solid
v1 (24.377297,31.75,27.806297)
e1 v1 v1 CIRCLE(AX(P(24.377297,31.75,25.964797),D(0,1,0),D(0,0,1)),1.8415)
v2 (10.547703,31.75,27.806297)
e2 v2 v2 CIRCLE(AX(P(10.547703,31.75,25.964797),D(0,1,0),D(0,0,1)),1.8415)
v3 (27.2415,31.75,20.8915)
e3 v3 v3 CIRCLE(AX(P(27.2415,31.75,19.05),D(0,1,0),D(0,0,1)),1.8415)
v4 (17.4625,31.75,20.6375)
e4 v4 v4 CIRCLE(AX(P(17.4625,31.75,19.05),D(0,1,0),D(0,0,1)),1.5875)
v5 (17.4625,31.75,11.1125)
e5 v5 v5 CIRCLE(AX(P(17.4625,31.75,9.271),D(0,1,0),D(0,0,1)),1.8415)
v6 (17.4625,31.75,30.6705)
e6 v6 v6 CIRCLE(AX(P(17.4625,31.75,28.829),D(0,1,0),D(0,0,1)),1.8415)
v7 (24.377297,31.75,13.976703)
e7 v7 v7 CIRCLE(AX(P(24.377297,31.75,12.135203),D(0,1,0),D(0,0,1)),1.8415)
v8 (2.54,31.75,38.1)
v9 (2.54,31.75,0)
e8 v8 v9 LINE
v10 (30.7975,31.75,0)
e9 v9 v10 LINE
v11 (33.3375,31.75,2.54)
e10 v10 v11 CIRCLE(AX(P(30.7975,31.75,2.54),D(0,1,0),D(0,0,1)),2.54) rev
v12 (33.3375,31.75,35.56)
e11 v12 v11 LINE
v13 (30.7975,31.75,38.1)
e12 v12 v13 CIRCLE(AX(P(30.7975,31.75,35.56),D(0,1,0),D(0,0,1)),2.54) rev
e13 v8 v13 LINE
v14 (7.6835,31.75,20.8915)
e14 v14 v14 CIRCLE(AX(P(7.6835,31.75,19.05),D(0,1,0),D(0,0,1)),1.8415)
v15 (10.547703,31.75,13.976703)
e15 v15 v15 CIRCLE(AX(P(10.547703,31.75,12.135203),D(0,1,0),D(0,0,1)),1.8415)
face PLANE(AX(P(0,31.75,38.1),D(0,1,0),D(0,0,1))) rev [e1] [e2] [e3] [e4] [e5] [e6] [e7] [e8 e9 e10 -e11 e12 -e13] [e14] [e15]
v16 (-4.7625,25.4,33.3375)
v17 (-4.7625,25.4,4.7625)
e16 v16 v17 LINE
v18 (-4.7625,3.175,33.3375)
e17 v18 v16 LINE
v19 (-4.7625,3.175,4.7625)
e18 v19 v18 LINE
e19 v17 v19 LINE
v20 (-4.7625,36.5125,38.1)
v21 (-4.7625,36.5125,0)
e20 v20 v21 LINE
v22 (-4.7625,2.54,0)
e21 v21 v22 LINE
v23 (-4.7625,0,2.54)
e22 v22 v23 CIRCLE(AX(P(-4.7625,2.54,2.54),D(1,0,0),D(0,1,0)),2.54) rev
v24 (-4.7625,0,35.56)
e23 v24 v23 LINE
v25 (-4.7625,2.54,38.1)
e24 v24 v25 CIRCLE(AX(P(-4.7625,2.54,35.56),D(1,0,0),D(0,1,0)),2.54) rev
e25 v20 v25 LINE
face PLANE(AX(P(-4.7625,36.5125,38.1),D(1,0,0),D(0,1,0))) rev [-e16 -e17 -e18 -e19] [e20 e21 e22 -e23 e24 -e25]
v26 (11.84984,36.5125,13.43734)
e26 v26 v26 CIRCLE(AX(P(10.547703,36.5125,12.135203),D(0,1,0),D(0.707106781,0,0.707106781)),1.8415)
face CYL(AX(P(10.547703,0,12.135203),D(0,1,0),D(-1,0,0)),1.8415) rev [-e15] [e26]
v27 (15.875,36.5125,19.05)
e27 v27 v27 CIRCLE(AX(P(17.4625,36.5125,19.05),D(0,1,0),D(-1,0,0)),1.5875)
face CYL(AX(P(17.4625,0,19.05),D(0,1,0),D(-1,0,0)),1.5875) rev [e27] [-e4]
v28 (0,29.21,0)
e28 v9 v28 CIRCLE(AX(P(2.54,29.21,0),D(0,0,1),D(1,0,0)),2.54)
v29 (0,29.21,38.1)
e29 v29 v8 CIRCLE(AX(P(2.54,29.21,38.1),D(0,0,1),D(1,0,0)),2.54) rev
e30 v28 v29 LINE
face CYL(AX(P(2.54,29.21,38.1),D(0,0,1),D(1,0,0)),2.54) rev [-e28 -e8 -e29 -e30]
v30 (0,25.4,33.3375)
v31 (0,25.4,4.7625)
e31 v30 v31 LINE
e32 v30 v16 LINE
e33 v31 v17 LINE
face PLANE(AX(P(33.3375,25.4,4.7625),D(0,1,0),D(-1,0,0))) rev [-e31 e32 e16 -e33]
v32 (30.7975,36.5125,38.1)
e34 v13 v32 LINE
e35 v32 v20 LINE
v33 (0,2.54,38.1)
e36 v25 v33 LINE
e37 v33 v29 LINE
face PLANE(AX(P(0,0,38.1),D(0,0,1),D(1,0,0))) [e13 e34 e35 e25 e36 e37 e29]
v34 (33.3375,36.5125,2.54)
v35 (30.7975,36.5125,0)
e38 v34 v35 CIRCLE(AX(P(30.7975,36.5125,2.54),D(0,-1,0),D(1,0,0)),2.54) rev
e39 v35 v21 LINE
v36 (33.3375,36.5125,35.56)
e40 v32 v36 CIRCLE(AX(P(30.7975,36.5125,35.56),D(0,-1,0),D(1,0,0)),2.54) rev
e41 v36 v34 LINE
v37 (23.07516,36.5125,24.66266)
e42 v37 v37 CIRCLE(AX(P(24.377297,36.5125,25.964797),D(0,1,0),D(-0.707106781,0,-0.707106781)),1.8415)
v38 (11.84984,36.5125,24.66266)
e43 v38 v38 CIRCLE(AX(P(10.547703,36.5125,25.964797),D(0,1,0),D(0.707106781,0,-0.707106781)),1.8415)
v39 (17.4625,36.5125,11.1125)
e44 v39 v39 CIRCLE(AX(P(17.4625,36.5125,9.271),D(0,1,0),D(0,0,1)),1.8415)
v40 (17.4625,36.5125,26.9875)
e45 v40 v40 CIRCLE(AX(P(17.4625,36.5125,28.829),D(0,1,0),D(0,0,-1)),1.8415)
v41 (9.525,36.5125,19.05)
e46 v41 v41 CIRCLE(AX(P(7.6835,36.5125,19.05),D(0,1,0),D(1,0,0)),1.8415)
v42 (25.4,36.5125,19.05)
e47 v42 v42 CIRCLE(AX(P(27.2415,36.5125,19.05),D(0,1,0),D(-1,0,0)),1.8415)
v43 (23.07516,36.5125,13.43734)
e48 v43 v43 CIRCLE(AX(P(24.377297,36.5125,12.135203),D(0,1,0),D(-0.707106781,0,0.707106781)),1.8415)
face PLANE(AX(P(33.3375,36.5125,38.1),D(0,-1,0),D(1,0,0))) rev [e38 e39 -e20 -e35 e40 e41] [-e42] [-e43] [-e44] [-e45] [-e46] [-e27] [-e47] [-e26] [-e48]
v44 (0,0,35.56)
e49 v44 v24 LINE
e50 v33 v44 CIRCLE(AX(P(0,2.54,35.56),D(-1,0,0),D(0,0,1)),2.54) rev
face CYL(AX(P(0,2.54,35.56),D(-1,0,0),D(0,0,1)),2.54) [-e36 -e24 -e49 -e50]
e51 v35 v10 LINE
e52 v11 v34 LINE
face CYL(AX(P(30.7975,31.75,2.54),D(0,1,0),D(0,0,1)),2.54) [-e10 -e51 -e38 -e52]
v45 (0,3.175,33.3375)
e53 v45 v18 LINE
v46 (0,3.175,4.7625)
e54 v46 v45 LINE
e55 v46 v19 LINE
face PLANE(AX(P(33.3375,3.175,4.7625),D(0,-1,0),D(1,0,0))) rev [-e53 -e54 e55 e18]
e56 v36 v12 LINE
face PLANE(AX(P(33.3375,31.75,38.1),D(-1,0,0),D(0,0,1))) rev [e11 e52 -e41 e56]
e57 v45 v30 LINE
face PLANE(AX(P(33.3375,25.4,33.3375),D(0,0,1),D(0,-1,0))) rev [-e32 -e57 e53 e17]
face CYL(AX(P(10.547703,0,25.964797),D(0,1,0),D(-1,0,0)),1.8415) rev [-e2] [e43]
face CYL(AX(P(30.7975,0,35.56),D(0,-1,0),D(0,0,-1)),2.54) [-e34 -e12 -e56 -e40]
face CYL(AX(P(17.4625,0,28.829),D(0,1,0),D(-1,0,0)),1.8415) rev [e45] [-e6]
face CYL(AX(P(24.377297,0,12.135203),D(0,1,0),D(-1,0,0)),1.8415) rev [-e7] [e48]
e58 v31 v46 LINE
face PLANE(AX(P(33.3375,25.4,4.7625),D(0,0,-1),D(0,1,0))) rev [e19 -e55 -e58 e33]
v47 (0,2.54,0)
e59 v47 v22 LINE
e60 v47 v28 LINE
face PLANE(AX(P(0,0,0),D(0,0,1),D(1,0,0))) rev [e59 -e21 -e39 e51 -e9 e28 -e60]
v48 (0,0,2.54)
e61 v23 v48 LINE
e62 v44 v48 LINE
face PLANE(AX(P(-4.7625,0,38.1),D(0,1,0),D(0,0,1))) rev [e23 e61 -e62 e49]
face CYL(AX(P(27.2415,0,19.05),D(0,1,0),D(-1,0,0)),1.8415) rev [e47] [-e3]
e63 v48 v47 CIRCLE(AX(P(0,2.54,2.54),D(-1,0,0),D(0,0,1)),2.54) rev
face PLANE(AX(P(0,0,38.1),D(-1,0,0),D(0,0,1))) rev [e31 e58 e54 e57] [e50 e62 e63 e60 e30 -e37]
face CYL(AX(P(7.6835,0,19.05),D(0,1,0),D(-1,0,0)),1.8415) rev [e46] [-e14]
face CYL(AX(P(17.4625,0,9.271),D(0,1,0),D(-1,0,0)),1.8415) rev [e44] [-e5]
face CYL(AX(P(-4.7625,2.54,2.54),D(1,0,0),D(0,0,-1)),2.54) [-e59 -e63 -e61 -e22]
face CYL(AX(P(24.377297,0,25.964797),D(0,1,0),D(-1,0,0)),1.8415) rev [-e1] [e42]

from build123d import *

# Parameters (mm, degrees)
BOSS_EXTRUDE1_DEPTH = 38.1
SKETCH2_W           = 28.575
SKETCH2_H           = 22.225
CUT_EXTRUDE1_DEPTH  = 39.1
SKETCH3_R           = 1.5875
CUT_EXTRUDE2_DEPTH  = 37.5125
SKETCH4_R           = 1.8415
CUT_EXTRUDE3_DEPTH  = 37.5125
CIRPATTERN1_COUNT   = 8
FILLET1_R           = 2.54
FILLET2_R           = 2.54


with BuildPart() as part:
    # Sketch1 → Boss-Extrude1 (new body)
    with BuildSketch(Plane.XY):
        Polygon((0, 0), (0, 31.75), (33.3375, 31.75), (33.3375, 36.5125), (-4.7625, 36.5125), (-4.7625, 0), align=None)
    extrude(amount=BOSS_EXTRUDE1_DEPTH)

    # Sketch2 → Cut-Extrude1 (cut, through all)
    with BuildSketch(Plane.ZY.offset(4.7625)):
        with Locations((19.05, 14.2875)):
            Rectangle(SKETCH2_W, SKETCH2_H)
    extrude(amount=-CUT_EXTRUDE1_DEPTH, mode=Mode.SUBTRACT)

    # Sketch3 → Cut-Extrude2 (cut, through all)
    with BuildSketch(Plane(origin=(0, 36.5125, 0), x_dir=(1, 0, 0), z_dir=(0, 1, 0))):
        with Locations((17.4625, -19.05)):
            Circle(SKETCH3_R)
    extrude(amount=-CUT_EXTRUDE2_DEPTH, mode=Mode.SUBTRACT)

    # Sketch4 → Cut-Extrude3 (cut, through all)
    with BuildSketch(Plane(origin=(0, 36.5125, 0), x_dir=(1, 0, 0), z_dir=(0, 1, 0))):
        with Locations((27.2415, -19.05)):
            Circle(SKETCH4_R)
    cut_extrude3 = extrude(amount=-CUT_EXTRUDE3_DEPTH, mode=Mode.SUBTRACT)

    # CirPattern1: Cut-Extrude3 ×8 about axis
    cirpattern1_axis = Axis((17.4625, 0, 19.05), (0, 1, 0))
    for i in range(1, CIRPATTERN1_COUNT):
        add(cut_extrude3.rotate(cirpattern1_axis, i * 360 / CIRPATTERN1_COUNT), mode=Mode.SUBTRACT)

    # Fillet1
    fillet1_edges = [part.edges().sort_by_distance(p)[0] for p in [
        (0, 31.75, 19.05),
    ]]
    fillet(fillet1_edges, radius=FILLET1_R)

    # Fillet2
    fillet2_edges = [part.edges().sort_by_distance(p)[0] for p in [
        (33.3375, 34.13125, 38.1),
        (-2.38125, 0, 38.1),
        (33.3375, 34.13125, 0),
        (-2.38125, 0, 0),
    ]]
    fillet(fillet2_edges, radius=FILLET2_R)


solid = part.part
